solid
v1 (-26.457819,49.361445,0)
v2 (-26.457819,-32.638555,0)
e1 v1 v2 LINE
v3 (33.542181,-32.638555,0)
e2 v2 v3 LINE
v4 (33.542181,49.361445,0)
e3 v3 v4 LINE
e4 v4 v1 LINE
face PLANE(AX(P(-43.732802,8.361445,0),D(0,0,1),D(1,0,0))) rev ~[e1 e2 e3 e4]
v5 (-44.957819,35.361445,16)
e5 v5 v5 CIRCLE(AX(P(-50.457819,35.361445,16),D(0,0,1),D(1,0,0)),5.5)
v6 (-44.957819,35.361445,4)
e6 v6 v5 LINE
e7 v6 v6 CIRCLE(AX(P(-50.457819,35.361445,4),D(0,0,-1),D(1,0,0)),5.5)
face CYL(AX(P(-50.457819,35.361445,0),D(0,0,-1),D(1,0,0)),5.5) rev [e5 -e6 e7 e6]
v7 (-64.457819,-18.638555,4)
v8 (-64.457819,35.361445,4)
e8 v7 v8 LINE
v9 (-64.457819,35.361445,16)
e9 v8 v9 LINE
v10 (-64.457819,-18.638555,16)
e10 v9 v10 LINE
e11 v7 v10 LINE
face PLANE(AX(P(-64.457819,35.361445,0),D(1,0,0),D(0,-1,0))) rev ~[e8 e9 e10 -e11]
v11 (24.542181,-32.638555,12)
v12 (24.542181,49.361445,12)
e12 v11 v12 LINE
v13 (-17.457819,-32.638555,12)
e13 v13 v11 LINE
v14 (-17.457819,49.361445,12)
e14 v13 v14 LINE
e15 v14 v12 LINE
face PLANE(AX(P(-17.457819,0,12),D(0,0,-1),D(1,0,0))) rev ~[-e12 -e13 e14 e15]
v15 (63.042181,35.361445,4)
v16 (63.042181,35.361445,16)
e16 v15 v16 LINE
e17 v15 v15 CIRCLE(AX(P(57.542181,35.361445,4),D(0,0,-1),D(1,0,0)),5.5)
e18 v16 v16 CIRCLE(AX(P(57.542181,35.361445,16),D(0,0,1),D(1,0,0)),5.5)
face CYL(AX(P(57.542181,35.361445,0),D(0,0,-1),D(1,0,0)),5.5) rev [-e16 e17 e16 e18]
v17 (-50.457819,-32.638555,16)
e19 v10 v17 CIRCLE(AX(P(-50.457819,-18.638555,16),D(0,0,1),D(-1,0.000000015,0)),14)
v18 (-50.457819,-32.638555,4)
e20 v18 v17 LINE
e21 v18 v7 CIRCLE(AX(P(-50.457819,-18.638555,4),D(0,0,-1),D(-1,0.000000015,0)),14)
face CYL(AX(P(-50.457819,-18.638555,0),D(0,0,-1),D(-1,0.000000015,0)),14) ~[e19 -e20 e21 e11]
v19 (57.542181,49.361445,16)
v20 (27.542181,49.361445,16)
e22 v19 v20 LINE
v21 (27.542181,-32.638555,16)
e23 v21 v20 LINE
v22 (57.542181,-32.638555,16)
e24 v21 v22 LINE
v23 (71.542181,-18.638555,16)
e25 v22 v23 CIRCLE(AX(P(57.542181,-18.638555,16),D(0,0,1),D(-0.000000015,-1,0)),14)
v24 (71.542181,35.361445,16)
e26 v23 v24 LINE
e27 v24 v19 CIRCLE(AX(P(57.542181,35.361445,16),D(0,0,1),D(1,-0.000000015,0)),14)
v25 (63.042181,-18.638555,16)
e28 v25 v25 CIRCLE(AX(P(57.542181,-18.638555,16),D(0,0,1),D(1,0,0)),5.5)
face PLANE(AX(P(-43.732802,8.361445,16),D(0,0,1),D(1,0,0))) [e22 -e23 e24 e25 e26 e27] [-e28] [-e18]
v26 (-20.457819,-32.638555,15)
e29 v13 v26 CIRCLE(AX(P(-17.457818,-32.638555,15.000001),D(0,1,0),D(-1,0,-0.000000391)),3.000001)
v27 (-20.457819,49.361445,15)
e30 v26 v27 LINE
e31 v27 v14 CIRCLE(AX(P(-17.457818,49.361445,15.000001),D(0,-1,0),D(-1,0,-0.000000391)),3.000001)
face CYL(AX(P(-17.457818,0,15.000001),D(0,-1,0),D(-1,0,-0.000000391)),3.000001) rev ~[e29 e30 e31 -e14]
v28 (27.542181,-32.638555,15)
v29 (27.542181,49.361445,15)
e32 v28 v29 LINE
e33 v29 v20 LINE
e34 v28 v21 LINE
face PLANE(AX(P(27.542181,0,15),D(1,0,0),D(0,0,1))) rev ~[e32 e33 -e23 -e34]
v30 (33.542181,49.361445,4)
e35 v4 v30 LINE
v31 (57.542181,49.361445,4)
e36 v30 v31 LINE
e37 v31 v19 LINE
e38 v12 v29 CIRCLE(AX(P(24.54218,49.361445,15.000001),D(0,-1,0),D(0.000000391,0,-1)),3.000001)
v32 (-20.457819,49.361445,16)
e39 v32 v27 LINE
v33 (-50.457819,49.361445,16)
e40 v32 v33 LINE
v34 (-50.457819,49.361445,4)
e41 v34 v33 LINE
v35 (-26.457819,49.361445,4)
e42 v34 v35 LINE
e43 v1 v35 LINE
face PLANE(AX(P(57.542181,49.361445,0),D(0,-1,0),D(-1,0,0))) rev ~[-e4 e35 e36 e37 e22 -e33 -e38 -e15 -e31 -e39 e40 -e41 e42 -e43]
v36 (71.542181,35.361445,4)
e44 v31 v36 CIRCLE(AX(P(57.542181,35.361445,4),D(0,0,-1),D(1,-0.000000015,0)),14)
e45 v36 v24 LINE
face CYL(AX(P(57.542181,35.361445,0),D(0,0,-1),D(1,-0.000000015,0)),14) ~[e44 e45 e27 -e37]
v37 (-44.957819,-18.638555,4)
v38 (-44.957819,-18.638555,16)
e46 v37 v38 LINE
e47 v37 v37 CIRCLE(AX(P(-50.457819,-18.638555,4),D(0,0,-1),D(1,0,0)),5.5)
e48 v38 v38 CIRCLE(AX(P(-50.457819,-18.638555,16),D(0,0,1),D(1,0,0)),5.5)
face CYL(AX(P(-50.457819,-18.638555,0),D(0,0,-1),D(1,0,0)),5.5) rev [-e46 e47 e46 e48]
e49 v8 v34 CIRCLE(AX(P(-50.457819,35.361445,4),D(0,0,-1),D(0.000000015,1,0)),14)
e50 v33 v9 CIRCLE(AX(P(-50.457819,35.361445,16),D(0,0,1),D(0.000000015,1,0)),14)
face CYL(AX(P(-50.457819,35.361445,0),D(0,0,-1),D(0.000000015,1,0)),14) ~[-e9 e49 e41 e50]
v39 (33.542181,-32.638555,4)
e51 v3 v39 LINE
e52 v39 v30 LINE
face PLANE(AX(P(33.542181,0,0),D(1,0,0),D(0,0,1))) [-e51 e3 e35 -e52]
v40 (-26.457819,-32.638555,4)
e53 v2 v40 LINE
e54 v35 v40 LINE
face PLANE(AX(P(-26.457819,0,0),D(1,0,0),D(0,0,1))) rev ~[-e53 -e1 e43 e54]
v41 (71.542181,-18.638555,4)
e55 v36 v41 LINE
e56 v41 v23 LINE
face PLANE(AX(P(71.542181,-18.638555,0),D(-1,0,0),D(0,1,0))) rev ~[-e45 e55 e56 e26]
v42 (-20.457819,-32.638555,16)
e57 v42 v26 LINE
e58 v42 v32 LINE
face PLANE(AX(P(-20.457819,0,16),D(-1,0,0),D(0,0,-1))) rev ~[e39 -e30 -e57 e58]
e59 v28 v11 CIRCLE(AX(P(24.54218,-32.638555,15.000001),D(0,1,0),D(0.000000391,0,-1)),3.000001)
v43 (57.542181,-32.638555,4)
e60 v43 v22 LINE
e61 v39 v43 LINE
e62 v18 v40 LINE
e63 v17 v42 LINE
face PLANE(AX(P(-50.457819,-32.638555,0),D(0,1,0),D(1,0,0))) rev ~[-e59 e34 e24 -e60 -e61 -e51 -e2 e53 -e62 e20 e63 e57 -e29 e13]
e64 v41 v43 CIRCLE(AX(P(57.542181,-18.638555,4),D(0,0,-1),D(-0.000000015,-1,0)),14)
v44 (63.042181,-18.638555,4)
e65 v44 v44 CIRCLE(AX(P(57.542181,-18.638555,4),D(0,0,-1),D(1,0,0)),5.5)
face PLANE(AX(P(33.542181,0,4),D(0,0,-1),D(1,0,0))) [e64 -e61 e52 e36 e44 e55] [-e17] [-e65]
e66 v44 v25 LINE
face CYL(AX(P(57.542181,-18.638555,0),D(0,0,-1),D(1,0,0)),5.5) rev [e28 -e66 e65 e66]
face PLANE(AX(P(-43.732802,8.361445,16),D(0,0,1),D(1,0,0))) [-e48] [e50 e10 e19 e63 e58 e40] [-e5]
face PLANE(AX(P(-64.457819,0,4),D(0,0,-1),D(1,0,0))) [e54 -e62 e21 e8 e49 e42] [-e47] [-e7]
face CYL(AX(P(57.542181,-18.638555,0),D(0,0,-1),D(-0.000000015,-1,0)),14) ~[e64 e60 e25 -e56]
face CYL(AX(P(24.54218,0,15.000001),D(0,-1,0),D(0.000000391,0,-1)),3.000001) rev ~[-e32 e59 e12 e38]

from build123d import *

# Parameters (mm, degrees)
F0_R     = 5.5
F0_W     = 48
F0_H     = 82
F1_DEPTH = 16
F2_W     = 38
F2_H     = 4
F3_DEPTH = 49.362445
F4_DEPTH = 32.639555


with BuildPart() as f1:
    # F0 (on Top) → F1 (new body)
    with BuildSketch(Plane.XY):
        with BuildLine():
            Line((-25.433272, 49.361445), (-50.457819, 49.361445))
            ThreePointArc((-50.457819, 49.361445), (-60.357314, 45.26094), (-64.457819, 35.361445))
            Line((-64.457819, 35.361445), (-64.457819, -18.638555))
            ThreePointArc((-64.457819, -18.638555), (-60.357314, -28.53805), (-50.457819, -32.638555))
            Line((-50.457819, -32.638555), (-25.433272, -32.638555))
            Line((-25.433272, -32.638555), (-25.433272, 49.361445))
        make_face()
        with Locations((-50.457819, -18.638555)):
            Circle(F0_R, mode=Mode.SUBTRACT)
        with Locations((-50.457819, 35.361445)):
            Circle(F0_R, mode=Mode.SUBTRACT)
        with Locations((-1.433272, 8.361445)):
            Rectangle(F0_W, F0_H)
        with BuildLine():
            Line((57.542181, 49.361445), (22.566728, 49.361445))
            Line((22.566728, 49.361445), (22.566728, -32.638555))
            Line((22.566728, -32.638555), (57.542181, -32.638555))
            ThreePointArc((57.542181, -32.638555), (67.441676, -28.53805), (71.542181, -18.638555))
            Line((71.542181, -18.638555), (71.542181, 35.361445))
            ThreePointArc((71.542181, 35.361445), (67.441676, 45.26094), (57.542181, 49.361445))
        make_face()
        with Locations((57.542181, -18.638555)):
            Circle(F0_R, mode=Mode.SUBTRACT)
        with Locations((57.542181, 35.361445)):
            Circle(F0_R, mode=Mode.SUBTRACT)
    extrude(amount=F1_DEPTH)

    # F2 (on Front) → F3 (cut, through all)
    with BuildSketch(Plane.XZ):
        with Locations((-45.457819, 2)):
            Rectangle(F2_W, F2_H)
        with Locations((52.542181, 2)):
            Rectangle(F2_W, F2_H)
        with BuildLine():
            Line((27.542181, 16), (-20.457819, 16))
            Line((-20.457819, 16), (-20.457819, 15))
            ThreePointArc((-20.457819, 15), (-19.579139, 12.87868), (-17.457819, 12))
            Line((-17.457819, 12), (24.542181, 12))
            ThreePointArc((24.542181, 12), (26.663501, 12.87868), (27.542181, 15))
            Line((27.542181, 15), (27.542181, 16))
        make_face()
    extrude(amount=-F3_DEPTH, mode=Mode.SUBTRACT)

    # F2 (on Front) → F4 (cut, through all)
    with BuildSketch(Plane.XZ):
        with Locations((-45.457819, 2)):
            Rectangle(F2_W, F2_H)
        with Locations((52.542181, 2)):
            Rectangle(F2_W, F2_H)
        with BuildLine():
            Line((27.542181, 16), (-20.457819, 16))
            Line((-20.457819, 16), (-20.457819, 15))
            ThreePointArc((-20.457819, 15), (-19.579139, 12.87868), (-17.457819, 12))
            Line((-17.457819, 12), (24.542181, 12))
            ThreePointArc((24.542181, 12), (26.663501, 12.87868), (27.542181, 15))
            Line((27.542181, 15), (27.542181, 16))
        make_face()
    extrude(amount=F4_DEPTH, mode=Mode.SUBTRACT)


solid = f1.part
